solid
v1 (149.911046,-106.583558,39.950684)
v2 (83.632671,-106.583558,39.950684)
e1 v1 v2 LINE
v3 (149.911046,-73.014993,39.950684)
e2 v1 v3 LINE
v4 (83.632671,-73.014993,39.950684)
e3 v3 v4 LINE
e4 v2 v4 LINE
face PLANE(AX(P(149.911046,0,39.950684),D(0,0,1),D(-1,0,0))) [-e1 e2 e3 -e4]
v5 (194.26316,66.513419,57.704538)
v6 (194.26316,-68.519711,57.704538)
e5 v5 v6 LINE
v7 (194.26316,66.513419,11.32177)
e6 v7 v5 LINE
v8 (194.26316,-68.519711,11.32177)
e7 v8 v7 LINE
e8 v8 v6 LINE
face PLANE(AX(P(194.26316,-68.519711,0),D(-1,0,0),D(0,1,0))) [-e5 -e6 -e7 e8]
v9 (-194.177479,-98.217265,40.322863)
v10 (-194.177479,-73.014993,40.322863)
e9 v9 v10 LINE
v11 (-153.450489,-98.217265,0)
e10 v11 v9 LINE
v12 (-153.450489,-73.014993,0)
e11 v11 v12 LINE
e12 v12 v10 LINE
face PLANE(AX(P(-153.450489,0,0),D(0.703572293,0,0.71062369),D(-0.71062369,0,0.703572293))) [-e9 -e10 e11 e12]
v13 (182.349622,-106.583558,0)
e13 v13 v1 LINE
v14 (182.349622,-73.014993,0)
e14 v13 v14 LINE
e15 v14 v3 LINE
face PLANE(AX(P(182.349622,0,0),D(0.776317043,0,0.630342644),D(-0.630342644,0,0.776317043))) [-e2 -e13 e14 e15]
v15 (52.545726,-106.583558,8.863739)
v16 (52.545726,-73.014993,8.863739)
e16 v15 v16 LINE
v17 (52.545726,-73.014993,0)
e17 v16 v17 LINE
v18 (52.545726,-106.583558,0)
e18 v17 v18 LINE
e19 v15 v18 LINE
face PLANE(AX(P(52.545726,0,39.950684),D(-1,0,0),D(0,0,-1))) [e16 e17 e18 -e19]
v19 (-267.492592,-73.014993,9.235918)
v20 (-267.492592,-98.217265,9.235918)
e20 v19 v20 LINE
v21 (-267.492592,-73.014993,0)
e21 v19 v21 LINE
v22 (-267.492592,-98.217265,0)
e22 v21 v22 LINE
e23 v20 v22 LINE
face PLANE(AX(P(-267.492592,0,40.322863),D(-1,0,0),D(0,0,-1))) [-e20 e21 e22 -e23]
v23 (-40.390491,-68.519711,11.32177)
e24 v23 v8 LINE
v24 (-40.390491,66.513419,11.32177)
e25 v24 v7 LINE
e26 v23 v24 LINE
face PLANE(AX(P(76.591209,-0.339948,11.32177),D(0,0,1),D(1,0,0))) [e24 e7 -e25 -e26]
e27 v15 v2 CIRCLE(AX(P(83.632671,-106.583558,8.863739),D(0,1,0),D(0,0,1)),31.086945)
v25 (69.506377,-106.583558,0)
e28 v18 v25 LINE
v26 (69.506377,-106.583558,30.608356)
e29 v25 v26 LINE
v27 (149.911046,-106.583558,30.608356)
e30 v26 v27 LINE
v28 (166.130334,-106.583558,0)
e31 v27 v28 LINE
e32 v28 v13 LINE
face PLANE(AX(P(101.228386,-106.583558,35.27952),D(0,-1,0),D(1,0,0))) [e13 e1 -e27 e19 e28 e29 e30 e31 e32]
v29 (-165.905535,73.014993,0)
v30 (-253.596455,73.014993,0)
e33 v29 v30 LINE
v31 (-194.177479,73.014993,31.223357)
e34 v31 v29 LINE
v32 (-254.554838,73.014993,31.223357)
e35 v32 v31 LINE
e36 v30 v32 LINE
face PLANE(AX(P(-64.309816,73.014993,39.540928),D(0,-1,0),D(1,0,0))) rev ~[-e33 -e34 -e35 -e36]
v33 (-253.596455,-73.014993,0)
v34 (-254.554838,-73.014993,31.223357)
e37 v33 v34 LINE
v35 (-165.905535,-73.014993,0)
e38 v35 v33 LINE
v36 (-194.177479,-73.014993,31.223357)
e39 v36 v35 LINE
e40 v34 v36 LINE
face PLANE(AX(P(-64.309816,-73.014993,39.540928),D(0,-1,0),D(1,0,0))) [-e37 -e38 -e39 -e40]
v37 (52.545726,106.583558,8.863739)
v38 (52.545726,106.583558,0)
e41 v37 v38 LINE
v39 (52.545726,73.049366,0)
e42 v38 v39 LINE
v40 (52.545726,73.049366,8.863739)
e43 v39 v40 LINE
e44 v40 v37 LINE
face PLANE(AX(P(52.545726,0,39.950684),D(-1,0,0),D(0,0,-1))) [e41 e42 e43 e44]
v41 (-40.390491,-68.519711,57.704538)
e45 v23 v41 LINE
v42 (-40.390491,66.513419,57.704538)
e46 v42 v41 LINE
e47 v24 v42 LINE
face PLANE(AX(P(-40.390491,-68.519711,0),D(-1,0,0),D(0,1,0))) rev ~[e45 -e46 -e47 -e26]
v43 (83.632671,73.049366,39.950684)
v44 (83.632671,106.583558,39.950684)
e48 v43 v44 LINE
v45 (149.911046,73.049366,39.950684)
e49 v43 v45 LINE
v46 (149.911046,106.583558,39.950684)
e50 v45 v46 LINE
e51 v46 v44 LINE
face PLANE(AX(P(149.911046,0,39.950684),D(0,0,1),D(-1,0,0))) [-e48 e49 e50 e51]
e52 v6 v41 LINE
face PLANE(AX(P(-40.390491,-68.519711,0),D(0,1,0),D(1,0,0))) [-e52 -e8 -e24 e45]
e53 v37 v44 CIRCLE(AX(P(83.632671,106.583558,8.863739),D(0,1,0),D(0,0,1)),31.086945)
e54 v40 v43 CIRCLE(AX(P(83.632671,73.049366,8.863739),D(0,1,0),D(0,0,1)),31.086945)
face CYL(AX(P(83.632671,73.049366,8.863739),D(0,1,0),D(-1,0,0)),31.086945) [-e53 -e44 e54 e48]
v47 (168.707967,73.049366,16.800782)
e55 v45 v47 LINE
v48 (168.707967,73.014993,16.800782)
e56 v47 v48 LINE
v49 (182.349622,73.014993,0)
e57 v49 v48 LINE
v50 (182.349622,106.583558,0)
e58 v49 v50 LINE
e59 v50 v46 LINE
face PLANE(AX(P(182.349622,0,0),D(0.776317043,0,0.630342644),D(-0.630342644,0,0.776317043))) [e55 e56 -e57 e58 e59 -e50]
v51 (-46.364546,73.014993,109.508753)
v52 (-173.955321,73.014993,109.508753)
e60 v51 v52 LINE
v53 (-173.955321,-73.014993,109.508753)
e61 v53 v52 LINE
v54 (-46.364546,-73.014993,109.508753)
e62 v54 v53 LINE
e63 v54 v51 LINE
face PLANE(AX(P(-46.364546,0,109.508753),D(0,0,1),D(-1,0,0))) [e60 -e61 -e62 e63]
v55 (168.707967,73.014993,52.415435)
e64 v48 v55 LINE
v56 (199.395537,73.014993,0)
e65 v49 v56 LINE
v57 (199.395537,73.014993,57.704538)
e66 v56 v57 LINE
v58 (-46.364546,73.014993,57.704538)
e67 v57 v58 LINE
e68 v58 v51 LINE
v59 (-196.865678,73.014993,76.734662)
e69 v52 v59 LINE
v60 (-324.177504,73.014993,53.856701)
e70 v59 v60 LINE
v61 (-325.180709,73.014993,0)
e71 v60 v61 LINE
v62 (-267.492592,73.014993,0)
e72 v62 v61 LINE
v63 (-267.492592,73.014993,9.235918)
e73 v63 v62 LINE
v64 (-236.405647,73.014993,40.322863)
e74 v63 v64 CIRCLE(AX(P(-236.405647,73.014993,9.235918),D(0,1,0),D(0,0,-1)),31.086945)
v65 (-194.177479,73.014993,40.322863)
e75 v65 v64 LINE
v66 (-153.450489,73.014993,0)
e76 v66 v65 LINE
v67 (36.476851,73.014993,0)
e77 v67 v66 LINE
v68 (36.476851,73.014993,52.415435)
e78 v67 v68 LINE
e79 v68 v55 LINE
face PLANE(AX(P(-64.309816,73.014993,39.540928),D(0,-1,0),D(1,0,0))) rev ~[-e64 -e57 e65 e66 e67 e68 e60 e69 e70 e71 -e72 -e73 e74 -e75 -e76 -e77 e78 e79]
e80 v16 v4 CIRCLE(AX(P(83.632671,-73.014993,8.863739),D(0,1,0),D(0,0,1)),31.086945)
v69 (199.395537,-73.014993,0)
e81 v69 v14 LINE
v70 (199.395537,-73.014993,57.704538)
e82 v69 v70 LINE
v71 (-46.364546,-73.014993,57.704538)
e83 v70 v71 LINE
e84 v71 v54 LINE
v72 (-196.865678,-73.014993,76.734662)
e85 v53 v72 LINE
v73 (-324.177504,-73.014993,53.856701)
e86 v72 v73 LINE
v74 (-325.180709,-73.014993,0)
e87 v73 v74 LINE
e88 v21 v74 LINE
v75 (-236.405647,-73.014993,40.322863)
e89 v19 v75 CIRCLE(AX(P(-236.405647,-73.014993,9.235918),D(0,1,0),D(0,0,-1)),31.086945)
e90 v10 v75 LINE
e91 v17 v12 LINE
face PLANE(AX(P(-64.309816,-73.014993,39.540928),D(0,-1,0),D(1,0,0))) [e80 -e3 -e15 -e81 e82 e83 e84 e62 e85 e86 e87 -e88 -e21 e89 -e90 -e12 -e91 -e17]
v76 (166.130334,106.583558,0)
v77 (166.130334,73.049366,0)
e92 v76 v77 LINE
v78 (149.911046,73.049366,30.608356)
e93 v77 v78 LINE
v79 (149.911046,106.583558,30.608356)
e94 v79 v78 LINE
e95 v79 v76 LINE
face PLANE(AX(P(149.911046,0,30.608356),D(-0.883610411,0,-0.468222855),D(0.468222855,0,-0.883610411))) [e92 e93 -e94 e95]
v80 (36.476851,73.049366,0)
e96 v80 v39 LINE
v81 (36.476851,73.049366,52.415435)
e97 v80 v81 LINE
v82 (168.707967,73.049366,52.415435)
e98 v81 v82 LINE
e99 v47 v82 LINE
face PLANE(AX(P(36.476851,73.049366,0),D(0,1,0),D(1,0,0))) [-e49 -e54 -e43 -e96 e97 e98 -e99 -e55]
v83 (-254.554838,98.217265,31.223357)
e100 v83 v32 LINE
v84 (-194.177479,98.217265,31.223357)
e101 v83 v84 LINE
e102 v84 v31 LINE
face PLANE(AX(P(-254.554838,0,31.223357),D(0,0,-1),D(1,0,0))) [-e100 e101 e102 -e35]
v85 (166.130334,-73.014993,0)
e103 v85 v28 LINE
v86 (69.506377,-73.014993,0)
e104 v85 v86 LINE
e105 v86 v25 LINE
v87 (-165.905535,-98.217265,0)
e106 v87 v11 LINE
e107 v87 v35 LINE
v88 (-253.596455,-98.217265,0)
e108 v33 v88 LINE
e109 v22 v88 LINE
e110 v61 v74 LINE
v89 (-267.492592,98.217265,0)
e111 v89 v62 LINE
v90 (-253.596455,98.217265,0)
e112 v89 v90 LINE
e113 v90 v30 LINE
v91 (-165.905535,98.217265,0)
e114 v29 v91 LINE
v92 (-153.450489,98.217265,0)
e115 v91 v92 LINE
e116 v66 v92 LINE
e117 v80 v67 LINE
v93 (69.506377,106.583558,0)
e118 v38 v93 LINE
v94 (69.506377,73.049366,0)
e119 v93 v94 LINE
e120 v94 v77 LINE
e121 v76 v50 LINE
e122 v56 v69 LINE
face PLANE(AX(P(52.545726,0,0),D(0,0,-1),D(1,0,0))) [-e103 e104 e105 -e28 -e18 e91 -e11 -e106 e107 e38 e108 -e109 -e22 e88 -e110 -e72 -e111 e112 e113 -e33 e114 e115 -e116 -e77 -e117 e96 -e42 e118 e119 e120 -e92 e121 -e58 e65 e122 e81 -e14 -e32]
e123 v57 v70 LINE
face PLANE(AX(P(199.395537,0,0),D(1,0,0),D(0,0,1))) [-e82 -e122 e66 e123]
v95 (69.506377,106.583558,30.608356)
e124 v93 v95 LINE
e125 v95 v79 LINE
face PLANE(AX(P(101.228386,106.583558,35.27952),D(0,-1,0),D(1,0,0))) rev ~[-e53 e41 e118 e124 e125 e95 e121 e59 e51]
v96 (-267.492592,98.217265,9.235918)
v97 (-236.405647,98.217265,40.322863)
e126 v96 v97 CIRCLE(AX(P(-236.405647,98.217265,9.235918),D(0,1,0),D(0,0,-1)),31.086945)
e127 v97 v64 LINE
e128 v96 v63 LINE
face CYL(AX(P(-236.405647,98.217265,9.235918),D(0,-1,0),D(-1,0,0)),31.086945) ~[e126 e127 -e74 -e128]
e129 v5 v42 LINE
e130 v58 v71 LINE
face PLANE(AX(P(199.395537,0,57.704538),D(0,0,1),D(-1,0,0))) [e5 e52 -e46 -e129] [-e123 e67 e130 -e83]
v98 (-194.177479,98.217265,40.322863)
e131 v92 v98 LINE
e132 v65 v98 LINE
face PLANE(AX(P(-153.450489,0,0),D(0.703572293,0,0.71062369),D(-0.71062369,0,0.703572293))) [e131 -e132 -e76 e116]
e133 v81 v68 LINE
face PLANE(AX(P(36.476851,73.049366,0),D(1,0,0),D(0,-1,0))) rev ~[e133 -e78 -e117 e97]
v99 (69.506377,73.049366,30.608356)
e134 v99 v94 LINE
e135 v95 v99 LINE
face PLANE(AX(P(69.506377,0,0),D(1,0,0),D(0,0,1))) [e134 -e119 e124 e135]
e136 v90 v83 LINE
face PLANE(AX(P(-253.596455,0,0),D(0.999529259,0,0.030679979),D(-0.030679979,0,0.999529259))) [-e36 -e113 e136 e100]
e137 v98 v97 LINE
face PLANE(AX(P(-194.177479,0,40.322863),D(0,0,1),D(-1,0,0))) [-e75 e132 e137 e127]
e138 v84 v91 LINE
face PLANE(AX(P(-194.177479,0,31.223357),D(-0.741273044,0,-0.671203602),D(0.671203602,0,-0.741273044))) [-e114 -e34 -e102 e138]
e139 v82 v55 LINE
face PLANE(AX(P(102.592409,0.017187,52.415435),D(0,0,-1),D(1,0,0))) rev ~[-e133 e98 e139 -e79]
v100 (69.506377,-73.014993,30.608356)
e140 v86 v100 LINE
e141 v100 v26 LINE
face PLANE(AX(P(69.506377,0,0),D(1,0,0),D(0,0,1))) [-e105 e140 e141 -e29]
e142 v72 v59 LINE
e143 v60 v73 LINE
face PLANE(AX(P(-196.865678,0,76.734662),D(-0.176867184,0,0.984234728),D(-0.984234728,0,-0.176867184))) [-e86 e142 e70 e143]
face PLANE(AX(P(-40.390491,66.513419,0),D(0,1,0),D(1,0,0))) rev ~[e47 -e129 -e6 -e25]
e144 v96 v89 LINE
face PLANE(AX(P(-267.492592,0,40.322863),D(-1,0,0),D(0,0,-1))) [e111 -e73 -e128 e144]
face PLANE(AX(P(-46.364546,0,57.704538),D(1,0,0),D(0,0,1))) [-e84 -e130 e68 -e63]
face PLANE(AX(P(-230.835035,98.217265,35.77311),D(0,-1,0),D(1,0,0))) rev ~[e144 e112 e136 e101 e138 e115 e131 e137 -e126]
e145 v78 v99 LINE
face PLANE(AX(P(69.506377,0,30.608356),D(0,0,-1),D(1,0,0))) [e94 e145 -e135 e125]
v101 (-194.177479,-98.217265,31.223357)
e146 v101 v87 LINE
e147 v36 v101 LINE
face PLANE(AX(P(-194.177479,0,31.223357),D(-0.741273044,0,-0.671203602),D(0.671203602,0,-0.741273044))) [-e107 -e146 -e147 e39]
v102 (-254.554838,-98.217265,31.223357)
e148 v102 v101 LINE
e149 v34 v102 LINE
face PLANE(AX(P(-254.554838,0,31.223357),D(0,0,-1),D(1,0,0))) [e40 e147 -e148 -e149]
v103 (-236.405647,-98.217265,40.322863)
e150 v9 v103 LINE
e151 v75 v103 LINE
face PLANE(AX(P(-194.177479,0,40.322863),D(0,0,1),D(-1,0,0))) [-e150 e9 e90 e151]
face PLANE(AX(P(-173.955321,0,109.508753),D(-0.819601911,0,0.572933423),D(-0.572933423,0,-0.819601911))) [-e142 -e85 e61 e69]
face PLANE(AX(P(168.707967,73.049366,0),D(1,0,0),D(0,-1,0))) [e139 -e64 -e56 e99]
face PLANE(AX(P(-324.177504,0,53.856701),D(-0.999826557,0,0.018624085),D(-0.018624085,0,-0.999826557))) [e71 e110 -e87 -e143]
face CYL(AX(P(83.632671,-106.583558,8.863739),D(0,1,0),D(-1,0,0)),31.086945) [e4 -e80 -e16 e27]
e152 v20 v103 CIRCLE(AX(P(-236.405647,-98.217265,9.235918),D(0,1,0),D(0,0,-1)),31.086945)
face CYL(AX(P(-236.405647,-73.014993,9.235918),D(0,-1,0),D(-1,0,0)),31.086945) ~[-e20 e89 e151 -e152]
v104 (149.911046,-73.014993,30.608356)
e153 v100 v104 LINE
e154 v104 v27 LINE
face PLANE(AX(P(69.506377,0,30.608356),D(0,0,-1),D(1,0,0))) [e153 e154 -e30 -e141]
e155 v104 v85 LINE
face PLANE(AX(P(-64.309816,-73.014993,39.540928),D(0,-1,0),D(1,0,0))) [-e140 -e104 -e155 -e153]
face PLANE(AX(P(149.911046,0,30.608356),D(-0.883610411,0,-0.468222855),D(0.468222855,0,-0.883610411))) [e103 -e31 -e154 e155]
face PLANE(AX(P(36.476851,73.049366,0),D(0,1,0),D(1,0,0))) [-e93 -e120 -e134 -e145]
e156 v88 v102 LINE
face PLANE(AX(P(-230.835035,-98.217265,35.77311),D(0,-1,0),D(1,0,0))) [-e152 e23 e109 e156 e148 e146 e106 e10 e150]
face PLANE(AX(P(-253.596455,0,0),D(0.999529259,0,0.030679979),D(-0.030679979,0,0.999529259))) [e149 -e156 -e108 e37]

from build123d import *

# Parameters (mm, degrees)
F1_DEPTH  = 73.0149932206
F2_W      = 104.7701835632
F2_H      = 146.0299864411
F2_W_2    = 132.2311162949
F2_H_2    = 146.0643596947
F3_DEPTH  = 52.4154347368
F5_DEPTH  = 98.2172647491
F6_W      = 16.9606506824
F6_H      = 30.608355999
F7_DEPTH  = 106.583558023
F8_W      = 234.6536517143
F8_H      = 135.0331306458
F9_DEPTH  = 105.9223469347
F10_W     = 239.1506135464
F10_H     = 140.1097029448
F11_DEPTH = 11.3217700273
F12_R     = 31.0869450518


with BuildPart() as f1:
    # F0 (on Front) → F1 (new body, symmetric)
    with BuildSketch(Plane.XZ):
        Polygon((-196.8656778336, 76.734662056), (-324.1775035858, 53.8567006588), (-325.180709362, 0), (-285.0417494774, 0), (-285.0417494774, 34.4426184893), (-233.2133054733, 34.4426184893), (-232.1556210518, 0), (76.5154957771, 0), (76.5154957771, 33.5566699505), (141.2207484245, 33.5566699505), (140.163064003, 0), (199.3955373764, 0), (199.3955373764, 57.7045381069), (-46.3645458221, 57.7045381069), (-46.3645458221, 109.5087528229), (-173.955321312, 109.5087528229), align=None)
    extrude(amount=F1_DEPTH, both=True)

    # F2 (on face) → F3 (join)
    with BuildSketch(Plane(origin=(0, 0, 0), x_dir=(1, 0, 0), z_dir=(0, 0, -1))):
        with Locations((-246.2981939316, 0)):
            Rectangle(F2_W, F2_H)
        with Locations((102.5924086571, -0.0171866268)):
            Rectangle(F2_W_2, F2_H_2)
    extrude(amount=-F3_DEPTH)

    # F4 (on Front) → F5 (join, symmetric)
    with BuildSketch(Plane.XZ):
        Polygon((-194.1774785519, 40.3228625655), (-267.4925923347, 40.3228625655), (-267.4925923347, 31.2233567238), (-254.5548379421, 31.2233567238), (-194.1774785519, 31.2233567238), align=None)
        Polygon((-153.4504890442, 0), (-194.1774785519, 40.3228625655), (-194.1774785519, 31.2233567238), (-165.9055352211, 0), align=None)
        Polygon((-254.5548379421, 31.2233567238), (-267.4925923347, 31.2233567238), (-267.4925923347, 0), (-253.5964548588, 0), align=None)
    extrude(amount=F5_DEPTH, both=True)

    # F6 (on Front) → F7 (join, symmetric)
    with BuildSketch(Plane.XZ):
        Polygon((52.5457262993, 39.950683713), (52.5457262993, 30.608355999), (69.5063769817, 30.608355999), (149.9110460281, 30.608355999), (149.9110460281, 39.950683713), align=None)
        with Locations((61.0260516405, 15.3041779995)):
            Rectangle(F6_W, F6_H)
        Polygon((149.9110460281, 39.950683713), (149.9110460281, 30.608355999), (166.1303341389, 0), (182.3496222496, 0), align=None)
    extrude(amount=F7_DEPTH, both=True)

    # F8 (on Top) → F9 (cut)
    with BuildSketch(Plane.XY):
        with Locations((76.9363343716, -1.0031461716)):
            Rectangle(F8_W, F8_H)
    extrude(amount=F9_DEPTH, mode=Mode.SUBTRACT)

    # F10 (on Top) → F11 (join)
    with BuildSketch(Plane.XY):
        with Locations((76.5912085772, -0.3399476409)):
            Rectangle(F10_W, F10_H)
    extrude(amount=F11_DEPTH)

    # F12
    f12_edges = [f1.edges().sort_by_distance(p)[0] for p in [
        (52.545726, 89.816462, 39.950684),
        (-267.492592, 85.616129, 40.322863),
        (-267.492592, -85.616129, 40.322863),
        (52.545726, -89.799276, 39.950684),
    ]]
    fillet(f12_edges, radius=F12_R)


solid = f1.part
